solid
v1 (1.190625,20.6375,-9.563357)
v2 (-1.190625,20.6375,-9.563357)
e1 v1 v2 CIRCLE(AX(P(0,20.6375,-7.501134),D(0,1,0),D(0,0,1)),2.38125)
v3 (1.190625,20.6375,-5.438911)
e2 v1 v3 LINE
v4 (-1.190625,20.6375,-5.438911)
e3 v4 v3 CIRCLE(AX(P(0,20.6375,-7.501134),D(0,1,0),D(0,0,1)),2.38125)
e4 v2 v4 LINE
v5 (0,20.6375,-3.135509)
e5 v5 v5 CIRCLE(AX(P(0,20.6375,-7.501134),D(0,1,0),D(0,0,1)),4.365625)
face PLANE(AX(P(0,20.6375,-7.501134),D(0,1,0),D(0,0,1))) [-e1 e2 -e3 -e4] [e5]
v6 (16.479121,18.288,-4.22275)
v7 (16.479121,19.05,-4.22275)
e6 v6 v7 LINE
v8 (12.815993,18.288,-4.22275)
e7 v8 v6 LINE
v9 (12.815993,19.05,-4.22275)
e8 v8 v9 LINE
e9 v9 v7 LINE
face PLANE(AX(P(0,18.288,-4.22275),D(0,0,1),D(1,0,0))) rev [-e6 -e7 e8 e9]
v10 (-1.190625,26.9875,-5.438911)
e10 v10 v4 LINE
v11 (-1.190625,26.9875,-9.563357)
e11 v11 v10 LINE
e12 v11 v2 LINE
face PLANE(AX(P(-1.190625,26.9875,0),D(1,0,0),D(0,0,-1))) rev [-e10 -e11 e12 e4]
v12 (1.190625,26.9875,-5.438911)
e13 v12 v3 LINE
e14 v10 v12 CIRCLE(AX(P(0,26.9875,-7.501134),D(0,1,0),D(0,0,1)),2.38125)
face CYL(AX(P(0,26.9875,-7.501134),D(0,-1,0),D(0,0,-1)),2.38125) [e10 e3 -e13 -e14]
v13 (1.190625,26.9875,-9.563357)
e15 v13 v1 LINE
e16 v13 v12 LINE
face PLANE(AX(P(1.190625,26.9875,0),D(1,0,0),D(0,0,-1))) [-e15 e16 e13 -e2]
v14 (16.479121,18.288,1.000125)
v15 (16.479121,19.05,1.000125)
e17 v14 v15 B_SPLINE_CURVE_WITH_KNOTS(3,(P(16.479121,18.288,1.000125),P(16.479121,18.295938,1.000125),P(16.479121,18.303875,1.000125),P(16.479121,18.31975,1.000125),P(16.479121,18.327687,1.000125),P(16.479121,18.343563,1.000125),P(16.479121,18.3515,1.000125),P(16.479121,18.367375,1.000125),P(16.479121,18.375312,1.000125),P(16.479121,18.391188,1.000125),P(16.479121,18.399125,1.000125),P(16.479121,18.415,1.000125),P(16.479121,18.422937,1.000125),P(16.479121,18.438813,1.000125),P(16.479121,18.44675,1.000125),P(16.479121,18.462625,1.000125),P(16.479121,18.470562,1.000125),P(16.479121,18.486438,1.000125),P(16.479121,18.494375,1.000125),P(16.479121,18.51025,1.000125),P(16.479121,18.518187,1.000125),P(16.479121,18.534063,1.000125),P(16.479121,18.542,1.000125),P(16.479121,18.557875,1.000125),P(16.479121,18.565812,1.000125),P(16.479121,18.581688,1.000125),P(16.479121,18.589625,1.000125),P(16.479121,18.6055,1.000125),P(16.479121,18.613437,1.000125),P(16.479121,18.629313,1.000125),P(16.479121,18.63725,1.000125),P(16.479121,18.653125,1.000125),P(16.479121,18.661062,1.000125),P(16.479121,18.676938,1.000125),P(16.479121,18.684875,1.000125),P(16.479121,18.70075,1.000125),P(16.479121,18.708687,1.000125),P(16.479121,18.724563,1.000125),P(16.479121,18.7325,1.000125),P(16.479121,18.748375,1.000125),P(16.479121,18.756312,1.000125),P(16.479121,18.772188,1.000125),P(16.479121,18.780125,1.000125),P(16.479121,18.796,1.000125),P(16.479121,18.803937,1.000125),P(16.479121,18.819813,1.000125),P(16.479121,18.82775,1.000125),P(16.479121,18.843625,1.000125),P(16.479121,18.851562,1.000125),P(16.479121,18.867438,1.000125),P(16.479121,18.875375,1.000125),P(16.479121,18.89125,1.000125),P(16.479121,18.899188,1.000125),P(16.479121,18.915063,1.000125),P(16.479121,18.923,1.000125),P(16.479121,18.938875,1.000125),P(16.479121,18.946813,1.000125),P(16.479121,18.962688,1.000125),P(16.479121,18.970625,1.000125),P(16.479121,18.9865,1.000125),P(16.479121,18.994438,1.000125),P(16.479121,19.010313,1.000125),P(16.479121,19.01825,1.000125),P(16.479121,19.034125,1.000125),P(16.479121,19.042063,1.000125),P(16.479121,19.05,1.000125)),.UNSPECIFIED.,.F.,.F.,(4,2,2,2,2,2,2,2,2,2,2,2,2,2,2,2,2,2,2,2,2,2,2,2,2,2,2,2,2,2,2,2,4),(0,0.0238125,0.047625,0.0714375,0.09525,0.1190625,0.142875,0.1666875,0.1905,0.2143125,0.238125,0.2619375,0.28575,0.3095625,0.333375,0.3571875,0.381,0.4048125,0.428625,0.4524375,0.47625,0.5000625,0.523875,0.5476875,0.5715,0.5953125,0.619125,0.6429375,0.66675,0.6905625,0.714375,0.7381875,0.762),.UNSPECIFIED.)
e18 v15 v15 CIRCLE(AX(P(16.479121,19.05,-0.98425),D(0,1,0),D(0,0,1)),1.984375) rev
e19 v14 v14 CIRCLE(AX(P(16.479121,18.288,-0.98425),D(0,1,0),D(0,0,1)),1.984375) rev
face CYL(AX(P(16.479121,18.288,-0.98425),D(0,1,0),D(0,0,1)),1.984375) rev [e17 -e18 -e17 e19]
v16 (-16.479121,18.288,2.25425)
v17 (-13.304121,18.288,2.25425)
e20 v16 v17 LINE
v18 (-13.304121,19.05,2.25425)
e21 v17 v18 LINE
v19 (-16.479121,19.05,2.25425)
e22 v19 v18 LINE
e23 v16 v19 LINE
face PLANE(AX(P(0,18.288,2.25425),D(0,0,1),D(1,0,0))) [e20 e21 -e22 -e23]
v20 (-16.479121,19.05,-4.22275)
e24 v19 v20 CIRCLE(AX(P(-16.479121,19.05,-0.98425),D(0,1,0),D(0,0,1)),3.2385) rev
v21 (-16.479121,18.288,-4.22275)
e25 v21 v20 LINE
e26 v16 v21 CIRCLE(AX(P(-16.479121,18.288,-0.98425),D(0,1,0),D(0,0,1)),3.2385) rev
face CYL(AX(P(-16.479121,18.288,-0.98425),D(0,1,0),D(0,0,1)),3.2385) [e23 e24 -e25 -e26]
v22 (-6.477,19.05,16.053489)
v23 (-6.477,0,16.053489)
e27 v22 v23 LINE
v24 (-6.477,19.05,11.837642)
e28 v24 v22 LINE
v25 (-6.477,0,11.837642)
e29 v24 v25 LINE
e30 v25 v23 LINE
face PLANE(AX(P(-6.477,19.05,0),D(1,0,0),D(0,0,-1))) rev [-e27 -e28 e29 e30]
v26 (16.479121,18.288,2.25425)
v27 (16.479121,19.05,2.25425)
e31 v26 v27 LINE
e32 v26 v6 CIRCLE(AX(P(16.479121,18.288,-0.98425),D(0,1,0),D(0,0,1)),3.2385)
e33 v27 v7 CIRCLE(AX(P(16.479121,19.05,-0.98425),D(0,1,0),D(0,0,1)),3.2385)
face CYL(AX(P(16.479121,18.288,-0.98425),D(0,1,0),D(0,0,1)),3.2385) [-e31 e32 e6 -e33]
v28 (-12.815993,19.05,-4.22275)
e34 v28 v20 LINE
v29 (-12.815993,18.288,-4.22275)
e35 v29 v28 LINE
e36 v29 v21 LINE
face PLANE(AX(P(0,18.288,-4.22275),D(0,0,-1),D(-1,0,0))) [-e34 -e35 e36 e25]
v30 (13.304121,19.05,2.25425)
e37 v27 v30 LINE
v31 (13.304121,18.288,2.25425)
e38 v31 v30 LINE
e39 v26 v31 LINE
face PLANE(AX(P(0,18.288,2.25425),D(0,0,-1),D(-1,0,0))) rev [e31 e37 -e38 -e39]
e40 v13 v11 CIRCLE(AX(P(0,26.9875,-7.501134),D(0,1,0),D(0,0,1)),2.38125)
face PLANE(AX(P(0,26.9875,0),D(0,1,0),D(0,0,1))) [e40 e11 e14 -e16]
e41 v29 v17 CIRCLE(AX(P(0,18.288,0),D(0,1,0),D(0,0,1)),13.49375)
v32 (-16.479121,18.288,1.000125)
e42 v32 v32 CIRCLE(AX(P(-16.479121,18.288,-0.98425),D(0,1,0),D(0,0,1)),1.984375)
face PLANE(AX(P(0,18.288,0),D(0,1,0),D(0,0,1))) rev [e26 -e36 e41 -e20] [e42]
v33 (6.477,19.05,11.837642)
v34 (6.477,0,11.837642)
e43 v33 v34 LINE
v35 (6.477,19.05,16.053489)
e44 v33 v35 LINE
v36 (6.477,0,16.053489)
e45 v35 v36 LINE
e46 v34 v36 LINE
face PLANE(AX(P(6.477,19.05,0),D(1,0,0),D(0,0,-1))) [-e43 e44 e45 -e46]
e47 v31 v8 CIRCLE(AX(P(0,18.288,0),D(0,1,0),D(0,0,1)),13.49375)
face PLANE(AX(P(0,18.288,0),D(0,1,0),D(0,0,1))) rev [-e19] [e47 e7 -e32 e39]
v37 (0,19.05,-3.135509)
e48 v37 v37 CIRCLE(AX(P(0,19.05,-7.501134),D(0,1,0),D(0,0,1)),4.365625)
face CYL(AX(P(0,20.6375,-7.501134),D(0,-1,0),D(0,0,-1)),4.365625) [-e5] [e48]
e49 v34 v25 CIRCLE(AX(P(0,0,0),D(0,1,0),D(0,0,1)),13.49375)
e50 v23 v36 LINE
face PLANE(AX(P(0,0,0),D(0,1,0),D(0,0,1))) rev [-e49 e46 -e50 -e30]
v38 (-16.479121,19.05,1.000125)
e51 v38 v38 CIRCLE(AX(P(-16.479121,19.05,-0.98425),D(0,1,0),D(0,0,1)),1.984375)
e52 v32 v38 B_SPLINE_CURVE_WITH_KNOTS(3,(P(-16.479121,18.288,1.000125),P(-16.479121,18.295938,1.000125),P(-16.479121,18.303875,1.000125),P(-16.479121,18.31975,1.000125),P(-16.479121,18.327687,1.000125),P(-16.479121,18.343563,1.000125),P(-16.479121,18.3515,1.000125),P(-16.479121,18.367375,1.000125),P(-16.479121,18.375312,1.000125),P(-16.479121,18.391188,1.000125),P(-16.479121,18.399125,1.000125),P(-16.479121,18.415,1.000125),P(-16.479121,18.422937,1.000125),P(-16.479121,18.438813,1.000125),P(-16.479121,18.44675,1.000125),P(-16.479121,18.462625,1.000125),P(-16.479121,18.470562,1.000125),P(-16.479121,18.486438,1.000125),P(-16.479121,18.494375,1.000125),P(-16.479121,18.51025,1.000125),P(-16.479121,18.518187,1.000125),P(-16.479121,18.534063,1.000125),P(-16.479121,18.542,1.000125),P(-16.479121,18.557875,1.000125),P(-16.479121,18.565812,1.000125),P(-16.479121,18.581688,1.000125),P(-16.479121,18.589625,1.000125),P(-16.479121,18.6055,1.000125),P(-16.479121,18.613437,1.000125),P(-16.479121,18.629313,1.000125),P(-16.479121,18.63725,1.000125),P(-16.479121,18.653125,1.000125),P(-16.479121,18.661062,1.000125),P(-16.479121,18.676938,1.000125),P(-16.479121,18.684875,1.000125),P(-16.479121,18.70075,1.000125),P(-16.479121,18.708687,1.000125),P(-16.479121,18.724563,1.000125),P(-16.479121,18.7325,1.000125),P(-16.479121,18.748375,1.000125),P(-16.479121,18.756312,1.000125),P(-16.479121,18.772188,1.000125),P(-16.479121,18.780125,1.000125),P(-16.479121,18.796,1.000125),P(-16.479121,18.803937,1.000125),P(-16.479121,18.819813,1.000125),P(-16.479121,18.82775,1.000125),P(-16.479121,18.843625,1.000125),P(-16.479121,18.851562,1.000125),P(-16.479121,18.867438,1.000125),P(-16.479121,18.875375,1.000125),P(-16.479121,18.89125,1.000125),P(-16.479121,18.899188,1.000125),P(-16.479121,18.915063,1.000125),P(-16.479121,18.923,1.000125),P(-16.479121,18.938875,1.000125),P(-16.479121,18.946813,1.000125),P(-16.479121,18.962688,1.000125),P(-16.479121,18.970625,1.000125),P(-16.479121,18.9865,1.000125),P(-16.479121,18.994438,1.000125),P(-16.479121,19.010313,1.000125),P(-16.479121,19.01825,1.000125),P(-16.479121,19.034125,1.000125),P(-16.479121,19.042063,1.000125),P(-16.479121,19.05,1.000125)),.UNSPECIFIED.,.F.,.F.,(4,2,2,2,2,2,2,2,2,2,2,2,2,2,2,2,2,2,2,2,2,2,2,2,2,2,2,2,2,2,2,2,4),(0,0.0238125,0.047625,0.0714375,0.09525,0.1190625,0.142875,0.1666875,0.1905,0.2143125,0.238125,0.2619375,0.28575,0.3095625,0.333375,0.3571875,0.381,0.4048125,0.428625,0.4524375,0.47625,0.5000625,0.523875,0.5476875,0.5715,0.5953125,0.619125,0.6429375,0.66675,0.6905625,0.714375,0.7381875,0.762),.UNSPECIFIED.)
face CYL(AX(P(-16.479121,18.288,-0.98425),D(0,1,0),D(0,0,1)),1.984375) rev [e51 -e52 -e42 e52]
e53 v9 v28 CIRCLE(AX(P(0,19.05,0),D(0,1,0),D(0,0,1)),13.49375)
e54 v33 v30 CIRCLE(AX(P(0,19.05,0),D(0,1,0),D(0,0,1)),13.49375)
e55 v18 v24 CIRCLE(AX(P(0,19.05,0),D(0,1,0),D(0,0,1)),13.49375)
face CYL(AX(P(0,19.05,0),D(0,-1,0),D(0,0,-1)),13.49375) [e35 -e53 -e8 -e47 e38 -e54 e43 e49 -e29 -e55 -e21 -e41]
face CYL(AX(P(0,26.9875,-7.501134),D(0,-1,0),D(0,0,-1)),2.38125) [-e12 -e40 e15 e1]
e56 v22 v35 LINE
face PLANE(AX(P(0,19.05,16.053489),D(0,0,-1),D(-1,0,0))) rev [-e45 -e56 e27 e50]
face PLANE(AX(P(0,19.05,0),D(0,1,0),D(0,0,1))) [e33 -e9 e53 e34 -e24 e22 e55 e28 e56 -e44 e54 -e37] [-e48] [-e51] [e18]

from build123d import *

# Parameters (mm, degrees)
BOSS_EXTRUDE1_DEPTH = 19.05
BOSS_EXTRUDE2_START = -0.762
SKETCH3_R           = 1.984375
BOSS_EXTRUDE2_DEPTH = 0.762
SKETCH5_R           = 4.365625
BOSS_EXTRUDE3_DEPTH = 1.5875
BOSS_EXTRUDE4_DEPTH = 6.35


with BuildPart() as part:
    # Sketch2 → Boss-Extrude1 (new body)
    with BuildSketch(Plane(origin=(0, 0, 0), x_dir=(1, 0, 0), z_dir=(0, 1, 0))):
        with BuildLine():
            Line((6.477, -16.053488894), (6.477, -11.83764166))
            ThreePointArc((6.477, -11.83764166), (0, 13.49375), (-6.477, -11.83764166))
            Line((-6.477, -11.83764166), (-6.477, -16.053488894))
            Line((-6.477, -16.053488894), (6.477, -16.053488894))
        make_face()
    extrude(amount=BOSS_EXTRUDE1_DEPTH)

    # Sketch3 → Boss-Extrude2 (add)
    # profile 1 of 2: a face of its own
    with BuildSketch(Plane(origin=(0, 19.05, 0), x_dir=(1, 0, 0), z_dir=(0, 1, 0)).offset(BOSS_EXTRUDE2_START)):
        with BuildLine():
            ThreePointArc((-16.479121392, 4.22275), (-19.717621392, 0.98425), (-16.479121392, -2.25425))
            Line((-16.479121392, -2.25425), (-13.304121392, -2.25425))
            ThreePointArc((-13.304121392, -2.25425), (-13.455592652, 1.014058895), (-12.815992802, 4.22275))
            Line((-12.815992802, 4.22275), (-16.479121392, 4.22275))
        make_face()
        with Locations(Location((-16.479121392, 0.98425, 0), (0, 0, 270))):
            Circle(SKETCH3_R, mode=Mode.SUBTRACT)
    # profile 2 of 2: a face of its own
    with BuildSketch(Plane(origin=(0, 19.05, 0), x_dir=(1, 0, 0), z_dir=(0, 1, 0)).offset(BOSS_EXTRUDE2_START)):
        with BuildLine():
            Line((16.479121392, 4.22275), (12.815992802, 4.22275))
            ThreePointArc((12.815992802, 4.22275), (13.455592652, 1.014058895), (13.304121392, -2.25425))
            Line((13.304121392, -2.25425), (16.479121392, -2.25425))
            ThreePointArc((16.479121392, -2.25425), (19.717621392, 0.98425), (16.479121392, 4.22275))
        make_face()
        with Locations(Location((16.479121392, 0.98425, 0), (0, 0, 270))):
            Circle(SKETCH3_R, mode=Mode.SUBTRACT)
    extrude(amount=BOSS_EXTRUDE2_DEPTH)

    # Sketch5 → Boss-Extrude3 (add)
    with BuildSketch(Plane(origin=(0, 19.05, 0), x_dir=(1, 0, 0), z_dir=(0, 1, 0))):
        with Locations(Location((0, 7.501133667, 0), (0, 0, 270))):
            Circle(SKETCH5_R)
    extrude(amount=BOSS_EXTRUDE3_DEPTH)

    # Sketch6 → Boss-Extrude4 (add)
    with BuildSketch(Plane(origin=(0, 20.6375, 0), x_dir=(1, 0, 0), z_dir=(0, 1, 0))):
        with BuildLine():
            ThreePointArc((1.190625, 9.56335666), (0, 9.882383667), (-1.190625, 9.56335666))
            Line((-1.190625, 9.56335666), (-1.190625, 5.438910675))
            ThreePointArc((-1.190625, 5.438910675), (0, 5.119883667), (1.190625, 5.438910675))
            Line((1.190625, 5.438910675), (1.190625, 9.56335666))
        make_face()
    extrude(amount=BOSS_EXTRUDE4_DEPTH)


solid = part.part
